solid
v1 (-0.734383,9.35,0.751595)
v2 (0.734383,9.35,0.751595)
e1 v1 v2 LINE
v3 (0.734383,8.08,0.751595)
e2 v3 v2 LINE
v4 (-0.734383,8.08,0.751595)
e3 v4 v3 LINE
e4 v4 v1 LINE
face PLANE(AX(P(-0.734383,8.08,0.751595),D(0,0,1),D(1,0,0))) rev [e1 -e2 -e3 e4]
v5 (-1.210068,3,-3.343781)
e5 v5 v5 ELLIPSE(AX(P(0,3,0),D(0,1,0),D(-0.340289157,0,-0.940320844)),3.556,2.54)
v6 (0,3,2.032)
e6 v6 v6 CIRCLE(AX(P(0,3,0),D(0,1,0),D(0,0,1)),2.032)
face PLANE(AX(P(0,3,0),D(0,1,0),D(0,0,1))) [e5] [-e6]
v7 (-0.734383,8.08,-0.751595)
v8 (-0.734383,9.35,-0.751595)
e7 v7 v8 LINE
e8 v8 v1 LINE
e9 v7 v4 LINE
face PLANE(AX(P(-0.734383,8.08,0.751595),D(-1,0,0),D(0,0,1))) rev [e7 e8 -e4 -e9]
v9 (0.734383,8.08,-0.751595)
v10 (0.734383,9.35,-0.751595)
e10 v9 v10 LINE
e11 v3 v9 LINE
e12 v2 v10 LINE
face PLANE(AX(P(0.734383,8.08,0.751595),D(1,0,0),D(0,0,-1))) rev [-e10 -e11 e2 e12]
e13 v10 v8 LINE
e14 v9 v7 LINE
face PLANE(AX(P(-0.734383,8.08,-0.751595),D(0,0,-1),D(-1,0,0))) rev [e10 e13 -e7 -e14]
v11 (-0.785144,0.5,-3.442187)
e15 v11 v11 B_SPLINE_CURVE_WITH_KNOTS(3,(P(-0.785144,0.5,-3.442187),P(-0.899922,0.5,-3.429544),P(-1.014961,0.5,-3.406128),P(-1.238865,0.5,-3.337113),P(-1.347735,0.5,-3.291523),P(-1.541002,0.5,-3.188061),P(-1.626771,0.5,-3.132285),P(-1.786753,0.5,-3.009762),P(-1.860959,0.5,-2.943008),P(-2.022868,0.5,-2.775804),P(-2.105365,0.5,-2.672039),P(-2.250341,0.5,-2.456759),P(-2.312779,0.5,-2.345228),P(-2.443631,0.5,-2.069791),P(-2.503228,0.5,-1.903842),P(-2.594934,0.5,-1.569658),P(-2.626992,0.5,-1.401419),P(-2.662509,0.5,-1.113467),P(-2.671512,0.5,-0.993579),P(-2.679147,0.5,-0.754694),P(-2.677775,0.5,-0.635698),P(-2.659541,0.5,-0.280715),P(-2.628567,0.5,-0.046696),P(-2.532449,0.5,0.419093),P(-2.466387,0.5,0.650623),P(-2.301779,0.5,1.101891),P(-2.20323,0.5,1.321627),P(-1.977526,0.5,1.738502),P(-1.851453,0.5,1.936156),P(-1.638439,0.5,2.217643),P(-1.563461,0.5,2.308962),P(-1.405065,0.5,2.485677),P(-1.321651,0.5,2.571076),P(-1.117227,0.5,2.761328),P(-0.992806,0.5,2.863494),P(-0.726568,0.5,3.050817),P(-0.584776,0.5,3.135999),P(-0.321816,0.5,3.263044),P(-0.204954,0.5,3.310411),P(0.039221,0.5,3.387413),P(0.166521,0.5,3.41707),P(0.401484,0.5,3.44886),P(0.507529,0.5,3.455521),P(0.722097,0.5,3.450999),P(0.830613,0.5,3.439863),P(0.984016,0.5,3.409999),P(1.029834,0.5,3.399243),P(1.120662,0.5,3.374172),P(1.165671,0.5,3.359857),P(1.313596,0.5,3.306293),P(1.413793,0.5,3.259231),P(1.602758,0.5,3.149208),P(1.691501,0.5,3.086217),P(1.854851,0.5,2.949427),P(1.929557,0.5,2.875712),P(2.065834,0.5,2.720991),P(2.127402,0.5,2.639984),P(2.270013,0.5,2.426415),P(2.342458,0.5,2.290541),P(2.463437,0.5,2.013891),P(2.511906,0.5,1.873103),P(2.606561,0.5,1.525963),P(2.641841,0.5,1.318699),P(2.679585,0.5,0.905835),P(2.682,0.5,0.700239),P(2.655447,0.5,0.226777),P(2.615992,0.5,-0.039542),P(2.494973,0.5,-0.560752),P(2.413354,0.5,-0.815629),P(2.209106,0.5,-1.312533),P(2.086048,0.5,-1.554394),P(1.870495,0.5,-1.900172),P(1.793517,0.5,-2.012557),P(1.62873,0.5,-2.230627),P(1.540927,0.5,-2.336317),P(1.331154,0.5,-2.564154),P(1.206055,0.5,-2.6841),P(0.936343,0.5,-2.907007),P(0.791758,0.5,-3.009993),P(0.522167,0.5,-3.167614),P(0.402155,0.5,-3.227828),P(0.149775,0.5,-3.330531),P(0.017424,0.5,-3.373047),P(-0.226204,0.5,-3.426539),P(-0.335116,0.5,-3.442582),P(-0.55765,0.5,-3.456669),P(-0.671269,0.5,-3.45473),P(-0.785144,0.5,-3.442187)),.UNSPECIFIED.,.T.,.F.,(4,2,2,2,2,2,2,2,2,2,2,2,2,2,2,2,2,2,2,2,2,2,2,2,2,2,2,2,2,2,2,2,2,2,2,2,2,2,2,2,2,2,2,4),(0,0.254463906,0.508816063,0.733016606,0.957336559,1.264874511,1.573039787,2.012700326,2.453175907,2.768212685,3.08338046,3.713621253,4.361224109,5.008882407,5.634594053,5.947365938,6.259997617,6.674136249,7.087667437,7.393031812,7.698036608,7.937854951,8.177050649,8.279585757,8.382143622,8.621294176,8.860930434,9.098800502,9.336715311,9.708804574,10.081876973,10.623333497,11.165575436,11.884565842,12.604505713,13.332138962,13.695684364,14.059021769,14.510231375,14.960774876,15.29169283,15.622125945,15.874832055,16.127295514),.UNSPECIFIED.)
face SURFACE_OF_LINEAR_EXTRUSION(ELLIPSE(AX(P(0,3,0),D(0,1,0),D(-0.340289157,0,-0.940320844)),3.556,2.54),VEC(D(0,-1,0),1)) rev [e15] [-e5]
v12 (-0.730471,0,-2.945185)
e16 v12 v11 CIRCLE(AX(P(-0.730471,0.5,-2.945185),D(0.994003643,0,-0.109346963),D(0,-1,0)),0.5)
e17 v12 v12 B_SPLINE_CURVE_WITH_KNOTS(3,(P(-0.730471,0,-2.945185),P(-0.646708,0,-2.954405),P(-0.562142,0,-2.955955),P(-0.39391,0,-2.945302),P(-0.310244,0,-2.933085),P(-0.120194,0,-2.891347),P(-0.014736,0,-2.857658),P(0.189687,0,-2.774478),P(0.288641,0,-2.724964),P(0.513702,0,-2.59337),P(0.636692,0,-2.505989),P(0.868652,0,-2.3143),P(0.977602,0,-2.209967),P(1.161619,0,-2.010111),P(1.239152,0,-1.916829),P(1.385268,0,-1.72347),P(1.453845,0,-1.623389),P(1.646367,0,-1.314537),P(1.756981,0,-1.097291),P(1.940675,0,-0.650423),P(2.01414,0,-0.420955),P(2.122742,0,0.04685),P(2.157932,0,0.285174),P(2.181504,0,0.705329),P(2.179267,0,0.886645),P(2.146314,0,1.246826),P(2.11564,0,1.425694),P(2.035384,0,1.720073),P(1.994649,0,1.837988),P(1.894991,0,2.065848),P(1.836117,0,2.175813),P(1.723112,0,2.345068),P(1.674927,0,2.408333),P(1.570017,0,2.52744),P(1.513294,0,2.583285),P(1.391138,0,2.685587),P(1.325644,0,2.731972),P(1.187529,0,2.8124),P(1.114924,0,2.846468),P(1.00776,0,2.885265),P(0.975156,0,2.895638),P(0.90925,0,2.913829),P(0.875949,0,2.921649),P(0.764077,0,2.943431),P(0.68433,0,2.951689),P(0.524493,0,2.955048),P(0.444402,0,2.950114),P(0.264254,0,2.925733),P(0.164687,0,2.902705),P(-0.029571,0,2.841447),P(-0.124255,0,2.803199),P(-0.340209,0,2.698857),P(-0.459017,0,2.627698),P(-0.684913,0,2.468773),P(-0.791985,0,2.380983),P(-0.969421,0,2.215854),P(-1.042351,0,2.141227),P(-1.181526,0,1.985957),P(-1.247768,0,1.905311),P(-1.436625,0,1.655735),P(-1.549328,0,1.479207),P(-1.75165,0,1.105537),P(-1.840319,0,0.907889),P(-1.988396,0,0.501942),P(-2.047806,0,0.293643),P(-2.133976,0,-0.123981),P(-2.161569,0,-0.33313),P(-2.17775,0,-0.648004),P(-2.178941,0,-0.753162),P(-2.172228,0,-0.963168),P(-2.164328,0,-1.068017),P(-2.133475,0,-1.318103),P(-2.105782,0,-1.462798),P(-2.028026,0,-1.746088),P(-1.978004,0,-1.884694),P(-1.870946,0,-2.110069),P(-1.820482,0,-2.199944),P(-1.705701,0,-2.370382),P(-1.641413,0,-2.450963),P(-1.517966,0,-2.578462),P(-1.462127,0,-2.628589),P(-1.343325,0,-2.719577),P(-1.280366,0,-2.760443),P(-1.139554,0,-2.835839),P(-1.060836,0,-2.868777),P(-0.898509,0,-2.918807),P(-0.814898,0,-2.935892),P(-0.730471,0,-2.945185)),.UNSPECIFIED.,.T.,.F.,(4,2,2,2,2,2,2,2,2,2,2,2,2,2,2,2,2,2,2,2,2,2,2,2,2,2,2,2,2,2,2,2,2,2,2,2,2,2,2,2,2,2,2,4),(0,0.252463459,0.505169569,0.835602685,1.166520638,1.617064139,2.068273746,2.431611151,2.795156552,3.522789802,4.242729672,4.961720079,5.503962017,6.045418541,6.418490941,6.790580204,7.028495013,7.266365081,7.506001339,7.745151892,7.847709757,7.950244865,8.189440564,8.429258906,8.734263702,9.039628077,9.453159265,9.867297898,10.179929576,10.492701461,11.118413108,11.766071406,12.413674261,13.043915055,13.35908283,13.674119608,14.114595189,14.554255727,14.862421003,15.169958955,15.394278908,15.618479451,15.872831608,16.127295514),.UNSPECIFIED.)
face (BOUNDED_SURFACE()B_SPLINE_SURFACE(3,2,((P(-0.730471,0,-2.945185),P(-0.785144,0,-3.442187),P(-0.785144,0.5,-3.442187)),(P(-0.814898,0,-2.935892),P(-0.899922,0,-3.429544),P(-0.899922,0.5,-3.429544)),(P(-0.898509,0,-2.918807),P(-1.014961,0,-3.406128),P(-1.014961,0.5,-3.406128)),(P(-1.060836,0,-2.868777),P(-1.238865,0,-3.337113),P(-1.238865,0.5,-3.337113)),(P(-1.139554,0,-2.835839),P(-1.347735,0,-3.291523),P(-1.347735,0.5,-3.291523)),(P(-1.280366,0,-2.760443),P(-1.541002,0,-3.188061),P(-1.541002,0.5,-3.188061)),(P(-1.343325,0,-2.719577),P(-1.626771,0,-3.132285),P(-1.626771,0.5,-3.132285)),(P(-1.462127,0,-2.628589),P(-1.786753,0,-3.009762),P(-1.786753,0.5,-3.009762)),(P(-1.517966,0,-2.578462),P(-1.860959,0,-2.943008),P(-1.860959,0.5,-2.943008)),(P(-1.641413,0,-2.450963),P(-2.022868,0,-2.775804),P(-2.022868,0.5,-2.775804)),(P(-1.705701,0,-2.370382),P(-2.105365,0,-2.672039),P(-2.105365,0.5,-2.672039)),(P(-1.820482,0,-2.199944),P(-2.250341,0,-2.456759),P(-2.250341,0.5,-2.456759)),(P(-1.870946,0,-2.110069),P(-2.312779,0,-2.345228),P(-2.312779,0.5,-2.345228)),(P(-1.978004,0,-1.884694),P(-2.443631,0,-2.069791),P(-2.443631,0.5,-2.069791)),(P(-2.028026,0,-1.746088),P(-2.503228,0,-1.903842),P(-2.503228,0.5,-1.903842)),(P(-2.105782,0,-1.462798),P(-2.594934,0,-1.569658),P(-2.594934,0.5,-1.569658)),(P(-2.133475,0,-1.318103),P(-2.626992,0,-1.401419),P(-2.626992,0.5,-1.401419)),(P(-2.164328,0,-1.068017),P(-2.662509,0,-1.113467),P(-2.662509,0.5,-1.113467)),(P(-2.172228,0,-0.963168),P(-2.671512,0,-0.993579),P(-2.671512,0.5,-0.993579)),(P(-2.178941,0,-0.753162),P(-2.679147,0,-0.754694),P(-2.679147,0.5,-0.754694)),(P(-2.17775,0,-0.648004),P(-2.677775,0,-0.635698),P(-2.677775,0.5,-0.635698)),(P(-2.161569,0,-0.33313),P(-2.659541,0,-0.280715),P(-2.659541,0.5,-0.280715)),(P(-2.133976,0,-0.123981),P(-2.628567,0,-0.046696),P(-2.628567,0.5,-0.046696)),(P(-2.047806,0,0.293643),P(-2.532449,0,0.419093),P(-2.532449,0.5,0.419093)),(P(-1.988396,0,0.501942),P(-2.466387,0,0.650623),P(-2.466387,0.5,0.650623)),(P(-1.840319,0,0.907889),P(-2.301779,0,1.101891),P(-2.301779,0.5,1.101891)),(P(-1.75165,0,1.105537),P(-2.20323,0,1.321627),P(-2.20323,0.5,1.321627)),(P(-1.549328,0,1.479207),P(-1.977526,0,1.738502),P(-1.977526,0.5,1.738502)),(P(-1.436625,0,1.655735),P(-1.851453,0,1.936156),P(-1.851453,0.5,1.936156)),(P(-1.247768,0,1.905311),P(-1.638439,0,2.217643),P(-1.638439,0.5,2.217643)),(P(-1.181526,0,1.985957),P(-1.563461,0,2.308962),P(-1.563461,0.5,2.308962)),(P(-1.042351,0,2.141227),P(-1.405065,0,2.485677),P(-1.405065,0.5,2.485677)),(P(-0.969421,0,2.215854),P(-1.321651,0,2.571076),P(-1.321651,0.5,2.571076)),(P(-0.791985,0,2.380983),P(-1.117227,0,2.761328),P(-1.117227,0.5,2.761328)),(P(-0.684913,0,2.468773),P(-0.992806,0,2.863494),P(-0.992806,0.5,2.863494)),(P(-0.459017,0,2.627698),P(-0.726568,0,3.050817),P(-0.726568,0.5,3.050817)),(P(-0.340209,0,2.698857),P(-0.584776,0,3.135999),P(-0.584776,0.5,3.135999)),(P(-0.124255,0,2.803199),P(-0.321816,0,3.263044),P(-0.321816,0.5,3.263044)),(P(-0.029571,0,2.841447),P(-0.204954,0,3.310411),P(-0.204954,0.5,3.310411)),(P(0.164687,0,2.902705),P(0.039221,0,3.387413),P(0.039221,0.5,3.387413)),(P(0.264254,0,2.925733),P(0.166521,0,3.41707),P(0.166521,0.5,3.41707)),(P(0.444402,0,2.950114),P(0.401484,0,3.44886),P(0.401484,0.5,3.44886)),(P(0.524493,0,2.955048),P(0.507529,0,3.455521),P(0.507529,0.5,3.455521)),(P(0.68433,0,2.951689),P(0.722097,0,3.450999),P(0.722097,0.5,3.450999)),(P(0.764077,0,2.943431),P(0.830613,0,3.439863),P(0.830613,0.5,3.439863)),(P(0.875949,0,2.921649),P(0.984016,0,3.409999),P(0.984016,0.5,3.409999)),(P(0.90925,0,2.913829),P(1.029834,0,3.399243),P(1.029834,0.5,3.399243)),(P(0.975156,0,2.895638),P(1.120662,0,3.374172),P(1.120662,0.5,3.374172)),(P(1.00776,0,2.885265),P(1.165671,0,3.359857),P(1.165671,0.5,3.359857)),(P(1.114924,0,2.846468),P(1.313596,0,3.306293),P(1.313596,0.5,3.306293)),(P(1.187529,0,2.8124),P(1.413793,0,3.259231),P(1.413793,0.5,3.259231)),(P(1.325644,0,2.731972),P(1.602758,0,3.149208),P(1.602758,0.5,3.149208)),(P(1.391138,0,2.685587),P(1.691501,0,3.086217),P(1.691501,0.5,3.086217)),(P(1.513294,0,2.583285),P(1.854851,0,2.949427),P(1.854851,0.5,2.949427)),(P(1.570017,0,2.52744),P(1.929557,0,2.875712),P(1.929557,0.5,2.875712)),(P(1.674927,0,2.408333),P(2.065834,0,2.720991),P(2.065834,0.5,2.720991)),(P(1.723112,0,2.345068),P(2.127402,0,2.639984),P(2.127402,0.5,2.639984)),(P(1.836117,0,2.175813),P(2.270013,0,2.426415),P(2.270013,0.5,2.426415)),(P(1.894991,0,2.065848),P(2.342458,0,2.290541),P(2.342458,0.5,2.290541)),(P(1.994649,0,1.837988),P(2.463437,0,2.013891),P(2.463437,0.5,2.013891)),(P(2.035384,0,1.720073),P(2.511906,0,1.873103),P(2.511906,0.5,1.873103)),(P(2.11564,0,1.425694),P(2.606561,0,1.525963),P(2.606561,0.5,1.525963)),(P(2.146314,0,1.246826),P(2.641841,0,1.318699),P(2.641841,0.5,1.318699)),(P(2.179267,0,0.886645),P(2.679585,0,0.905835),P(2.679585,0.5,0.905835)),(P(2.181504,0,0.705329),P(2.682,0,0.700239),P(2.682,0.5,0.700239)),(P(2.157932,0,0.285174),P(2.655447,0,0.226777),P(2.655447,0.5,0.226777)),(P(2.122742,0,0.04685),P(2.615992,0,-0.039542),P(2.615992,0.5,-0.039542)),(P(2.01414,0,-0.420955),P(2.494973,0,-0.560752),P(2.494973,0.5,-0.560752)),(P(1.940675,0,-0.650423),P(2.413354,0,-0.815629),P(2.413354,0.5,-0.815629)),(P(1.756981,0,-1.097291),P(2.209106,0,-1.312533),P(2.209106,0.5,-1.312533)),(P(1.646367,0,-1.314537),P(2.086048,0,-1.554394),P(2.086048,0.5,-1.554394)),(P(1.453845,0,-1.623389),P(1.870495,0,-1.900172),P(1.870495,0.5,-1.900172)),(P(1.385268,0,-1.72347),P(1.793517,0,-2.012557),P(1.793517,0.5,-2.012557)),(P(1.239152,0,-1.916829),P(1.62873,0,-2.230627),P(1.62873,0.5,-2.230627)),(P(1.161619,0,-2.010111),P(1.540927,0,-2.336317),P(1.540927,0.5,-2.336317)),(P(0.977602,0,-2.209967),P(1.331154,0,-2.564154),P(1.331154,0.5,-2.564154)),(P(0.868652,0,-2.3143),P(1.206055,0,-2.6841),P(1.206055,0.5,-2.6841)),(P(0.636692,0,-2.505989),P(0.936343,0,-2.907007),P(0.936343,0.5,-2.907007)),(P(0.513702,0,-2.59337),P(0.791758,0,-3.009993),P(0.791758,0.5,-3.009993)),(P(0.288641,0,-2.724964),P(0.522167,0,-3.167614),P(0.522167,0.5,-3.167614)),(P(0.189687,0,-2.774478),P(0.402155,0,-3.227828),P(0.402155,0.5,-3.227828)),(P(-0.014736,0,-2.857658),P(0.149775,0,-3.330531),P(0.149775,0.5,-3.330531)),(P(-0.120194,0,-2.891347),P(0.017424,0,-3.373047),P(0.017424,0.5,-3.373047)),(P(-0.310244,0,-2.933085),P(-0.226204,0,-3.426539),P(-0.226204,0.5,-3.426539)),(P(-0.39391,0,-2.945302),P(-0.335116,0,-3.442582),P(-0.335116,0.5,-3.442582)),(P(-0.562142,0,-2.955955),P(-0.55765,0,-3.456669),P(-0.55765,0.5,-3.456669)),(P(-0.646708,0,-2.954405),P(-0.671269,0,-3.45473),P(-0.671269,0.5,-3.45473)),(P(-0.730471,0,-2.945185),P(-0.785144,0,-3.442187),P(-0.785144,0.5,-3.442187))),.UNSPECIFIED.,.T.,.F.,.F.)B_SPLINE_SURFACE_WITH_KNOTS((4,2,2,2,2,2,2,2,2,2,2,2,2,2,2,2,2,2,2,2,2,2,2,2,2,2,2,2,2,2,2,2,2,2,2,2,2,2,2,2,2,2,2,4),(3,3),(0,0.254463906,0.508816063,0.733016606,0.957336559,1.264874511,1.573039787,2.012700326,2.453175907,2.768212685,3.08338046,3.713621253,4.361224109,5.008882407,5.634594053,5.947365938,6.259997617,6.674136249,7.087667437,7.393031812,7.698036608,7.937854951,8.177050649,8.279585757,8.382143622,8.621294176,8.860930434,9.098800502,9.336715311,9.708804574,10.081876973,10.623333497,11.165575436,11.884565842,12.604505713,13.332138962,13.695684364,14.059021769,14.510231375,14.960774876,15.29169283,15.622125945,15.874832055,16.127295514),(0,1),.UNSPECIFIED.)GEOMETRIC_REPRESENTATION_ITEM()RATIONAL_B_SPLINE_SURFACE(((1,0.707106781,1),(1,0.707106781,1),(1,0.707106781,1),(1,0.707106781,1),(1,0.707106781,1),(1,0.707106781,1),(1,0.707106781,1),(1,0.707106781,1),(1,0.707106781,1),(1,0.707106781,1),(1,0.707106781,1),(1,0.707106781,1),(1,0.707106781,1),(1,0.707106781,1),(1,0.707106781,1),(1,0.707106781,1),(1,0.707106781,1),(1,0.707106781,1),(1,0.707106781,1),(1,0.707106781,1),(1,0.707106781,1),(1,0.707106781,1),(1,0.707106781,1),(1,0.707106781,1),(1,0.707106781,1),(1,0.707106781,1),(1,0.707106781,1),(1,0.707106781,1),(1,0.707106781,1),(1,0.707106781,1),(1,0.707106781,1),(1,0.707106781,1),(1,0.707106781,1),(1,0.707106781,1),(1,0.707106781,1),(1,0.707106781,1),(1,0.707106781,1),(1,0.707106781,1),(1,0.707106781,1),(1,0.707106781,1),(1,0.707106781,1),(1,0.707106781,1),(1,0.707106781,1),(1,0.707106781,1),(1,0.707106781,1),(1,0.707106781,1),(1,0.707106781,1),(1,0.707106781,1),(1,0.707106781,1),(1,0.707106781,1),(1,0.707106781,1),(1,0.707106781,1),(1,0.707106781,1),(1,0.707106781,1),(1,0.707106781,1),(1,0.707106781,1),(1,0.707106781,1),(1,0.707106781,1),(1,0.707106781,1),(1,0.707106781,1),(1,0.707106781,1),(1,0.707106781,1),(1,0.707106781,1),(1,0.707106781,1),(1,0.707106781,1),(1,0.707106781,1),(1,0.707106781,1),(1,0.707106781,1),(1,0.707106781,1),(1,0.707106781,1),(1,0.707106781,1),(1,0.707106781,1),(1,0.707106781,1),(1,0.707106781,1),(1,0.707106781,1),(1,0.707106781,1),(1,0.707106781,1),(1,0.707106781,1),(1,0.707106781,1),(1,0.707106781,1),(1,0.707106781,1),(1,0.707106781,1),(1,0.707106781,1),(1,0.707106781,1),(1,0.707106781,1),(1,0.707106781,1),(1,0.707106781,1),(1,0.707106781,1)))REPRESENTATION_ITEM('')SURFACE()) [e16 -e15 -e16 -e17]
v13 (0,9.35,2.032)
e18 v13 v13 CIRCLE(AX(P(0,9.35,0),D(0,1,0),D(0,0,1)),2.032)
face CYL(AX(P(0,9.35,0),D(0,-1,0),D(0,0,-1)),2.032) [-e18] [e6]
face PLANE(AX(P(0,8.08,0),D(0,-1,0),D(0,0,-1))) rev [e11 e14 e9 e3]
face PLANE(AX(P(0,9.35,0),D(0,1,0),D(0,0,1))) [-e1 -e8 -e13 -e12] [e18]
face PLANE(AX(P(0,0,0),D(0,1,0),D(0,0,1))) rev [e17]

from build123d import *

# Parameters (mm, degrees)
SKETCH1_RX          = 3.556
SKETCH1_RY          = 2.54
BOSS_EXTRUDE1_DEPTH = 3
SKETCH2_R           = 2.032
BOSS_EXTRUDE2_DEPTH = 6.35
SKETCH3_W           = 1.468765614
SKETCH3_H           = 1.503189808
CUT_EXTRUDE1_DEPTH  = 1.27
FILLET1_R           = 0.5


with BuildPart() as part:
    # Sketch1 → Boss-Extrude1 (new body)
    with BuildSketch(Plane(origin=(0, 0, 0), x_dir=(1, 0, 0), z_dir=(0, 1, 0))):
        with Locations(Location((0, 0), (0, 0, 109.894492076))):
            Ellipse(SKETCH1_RX, SKETCH1_RY)
    extrude(amount=BOSS_EXTRUDE1_DEPTH)

    # Sketch2 → Boss-Extrude2 (add)
    with BuildSketch(Plane(origin=(0, 3, 0), x_dir=(1, 0, 0), z_dir=(0, 1, 0))):
        with Locations(Location((0, 0, 0), (0, 0, 270))):
            Circle(SKETCH2_R)
    extrude(amount=BOSS_EXTRUDE2_DEPTH)

    # Sketch3 → Cut-Extrude1 (cut)
    with BuildSketch(Plane(origin=(0, 9.35, 0), x_dir=(1, 0, 0), z_dir=(0, 1, 0))):
        Rectangle(SKETCH3_W, SKETCH3_H)
    extrude(amount=-CUT_EXTRUDE1_DEPTH, mode=Mode.SUBTRACT)

    # Fillet1
    fillet1_edges = [part.edges().sort_by_distance(p)[0] for p in [
        (1.211452415, 0, 3.343279373),
    ]]
    fillet(fillet1_edges, radius=FILLET1_R)


solid = part.part
